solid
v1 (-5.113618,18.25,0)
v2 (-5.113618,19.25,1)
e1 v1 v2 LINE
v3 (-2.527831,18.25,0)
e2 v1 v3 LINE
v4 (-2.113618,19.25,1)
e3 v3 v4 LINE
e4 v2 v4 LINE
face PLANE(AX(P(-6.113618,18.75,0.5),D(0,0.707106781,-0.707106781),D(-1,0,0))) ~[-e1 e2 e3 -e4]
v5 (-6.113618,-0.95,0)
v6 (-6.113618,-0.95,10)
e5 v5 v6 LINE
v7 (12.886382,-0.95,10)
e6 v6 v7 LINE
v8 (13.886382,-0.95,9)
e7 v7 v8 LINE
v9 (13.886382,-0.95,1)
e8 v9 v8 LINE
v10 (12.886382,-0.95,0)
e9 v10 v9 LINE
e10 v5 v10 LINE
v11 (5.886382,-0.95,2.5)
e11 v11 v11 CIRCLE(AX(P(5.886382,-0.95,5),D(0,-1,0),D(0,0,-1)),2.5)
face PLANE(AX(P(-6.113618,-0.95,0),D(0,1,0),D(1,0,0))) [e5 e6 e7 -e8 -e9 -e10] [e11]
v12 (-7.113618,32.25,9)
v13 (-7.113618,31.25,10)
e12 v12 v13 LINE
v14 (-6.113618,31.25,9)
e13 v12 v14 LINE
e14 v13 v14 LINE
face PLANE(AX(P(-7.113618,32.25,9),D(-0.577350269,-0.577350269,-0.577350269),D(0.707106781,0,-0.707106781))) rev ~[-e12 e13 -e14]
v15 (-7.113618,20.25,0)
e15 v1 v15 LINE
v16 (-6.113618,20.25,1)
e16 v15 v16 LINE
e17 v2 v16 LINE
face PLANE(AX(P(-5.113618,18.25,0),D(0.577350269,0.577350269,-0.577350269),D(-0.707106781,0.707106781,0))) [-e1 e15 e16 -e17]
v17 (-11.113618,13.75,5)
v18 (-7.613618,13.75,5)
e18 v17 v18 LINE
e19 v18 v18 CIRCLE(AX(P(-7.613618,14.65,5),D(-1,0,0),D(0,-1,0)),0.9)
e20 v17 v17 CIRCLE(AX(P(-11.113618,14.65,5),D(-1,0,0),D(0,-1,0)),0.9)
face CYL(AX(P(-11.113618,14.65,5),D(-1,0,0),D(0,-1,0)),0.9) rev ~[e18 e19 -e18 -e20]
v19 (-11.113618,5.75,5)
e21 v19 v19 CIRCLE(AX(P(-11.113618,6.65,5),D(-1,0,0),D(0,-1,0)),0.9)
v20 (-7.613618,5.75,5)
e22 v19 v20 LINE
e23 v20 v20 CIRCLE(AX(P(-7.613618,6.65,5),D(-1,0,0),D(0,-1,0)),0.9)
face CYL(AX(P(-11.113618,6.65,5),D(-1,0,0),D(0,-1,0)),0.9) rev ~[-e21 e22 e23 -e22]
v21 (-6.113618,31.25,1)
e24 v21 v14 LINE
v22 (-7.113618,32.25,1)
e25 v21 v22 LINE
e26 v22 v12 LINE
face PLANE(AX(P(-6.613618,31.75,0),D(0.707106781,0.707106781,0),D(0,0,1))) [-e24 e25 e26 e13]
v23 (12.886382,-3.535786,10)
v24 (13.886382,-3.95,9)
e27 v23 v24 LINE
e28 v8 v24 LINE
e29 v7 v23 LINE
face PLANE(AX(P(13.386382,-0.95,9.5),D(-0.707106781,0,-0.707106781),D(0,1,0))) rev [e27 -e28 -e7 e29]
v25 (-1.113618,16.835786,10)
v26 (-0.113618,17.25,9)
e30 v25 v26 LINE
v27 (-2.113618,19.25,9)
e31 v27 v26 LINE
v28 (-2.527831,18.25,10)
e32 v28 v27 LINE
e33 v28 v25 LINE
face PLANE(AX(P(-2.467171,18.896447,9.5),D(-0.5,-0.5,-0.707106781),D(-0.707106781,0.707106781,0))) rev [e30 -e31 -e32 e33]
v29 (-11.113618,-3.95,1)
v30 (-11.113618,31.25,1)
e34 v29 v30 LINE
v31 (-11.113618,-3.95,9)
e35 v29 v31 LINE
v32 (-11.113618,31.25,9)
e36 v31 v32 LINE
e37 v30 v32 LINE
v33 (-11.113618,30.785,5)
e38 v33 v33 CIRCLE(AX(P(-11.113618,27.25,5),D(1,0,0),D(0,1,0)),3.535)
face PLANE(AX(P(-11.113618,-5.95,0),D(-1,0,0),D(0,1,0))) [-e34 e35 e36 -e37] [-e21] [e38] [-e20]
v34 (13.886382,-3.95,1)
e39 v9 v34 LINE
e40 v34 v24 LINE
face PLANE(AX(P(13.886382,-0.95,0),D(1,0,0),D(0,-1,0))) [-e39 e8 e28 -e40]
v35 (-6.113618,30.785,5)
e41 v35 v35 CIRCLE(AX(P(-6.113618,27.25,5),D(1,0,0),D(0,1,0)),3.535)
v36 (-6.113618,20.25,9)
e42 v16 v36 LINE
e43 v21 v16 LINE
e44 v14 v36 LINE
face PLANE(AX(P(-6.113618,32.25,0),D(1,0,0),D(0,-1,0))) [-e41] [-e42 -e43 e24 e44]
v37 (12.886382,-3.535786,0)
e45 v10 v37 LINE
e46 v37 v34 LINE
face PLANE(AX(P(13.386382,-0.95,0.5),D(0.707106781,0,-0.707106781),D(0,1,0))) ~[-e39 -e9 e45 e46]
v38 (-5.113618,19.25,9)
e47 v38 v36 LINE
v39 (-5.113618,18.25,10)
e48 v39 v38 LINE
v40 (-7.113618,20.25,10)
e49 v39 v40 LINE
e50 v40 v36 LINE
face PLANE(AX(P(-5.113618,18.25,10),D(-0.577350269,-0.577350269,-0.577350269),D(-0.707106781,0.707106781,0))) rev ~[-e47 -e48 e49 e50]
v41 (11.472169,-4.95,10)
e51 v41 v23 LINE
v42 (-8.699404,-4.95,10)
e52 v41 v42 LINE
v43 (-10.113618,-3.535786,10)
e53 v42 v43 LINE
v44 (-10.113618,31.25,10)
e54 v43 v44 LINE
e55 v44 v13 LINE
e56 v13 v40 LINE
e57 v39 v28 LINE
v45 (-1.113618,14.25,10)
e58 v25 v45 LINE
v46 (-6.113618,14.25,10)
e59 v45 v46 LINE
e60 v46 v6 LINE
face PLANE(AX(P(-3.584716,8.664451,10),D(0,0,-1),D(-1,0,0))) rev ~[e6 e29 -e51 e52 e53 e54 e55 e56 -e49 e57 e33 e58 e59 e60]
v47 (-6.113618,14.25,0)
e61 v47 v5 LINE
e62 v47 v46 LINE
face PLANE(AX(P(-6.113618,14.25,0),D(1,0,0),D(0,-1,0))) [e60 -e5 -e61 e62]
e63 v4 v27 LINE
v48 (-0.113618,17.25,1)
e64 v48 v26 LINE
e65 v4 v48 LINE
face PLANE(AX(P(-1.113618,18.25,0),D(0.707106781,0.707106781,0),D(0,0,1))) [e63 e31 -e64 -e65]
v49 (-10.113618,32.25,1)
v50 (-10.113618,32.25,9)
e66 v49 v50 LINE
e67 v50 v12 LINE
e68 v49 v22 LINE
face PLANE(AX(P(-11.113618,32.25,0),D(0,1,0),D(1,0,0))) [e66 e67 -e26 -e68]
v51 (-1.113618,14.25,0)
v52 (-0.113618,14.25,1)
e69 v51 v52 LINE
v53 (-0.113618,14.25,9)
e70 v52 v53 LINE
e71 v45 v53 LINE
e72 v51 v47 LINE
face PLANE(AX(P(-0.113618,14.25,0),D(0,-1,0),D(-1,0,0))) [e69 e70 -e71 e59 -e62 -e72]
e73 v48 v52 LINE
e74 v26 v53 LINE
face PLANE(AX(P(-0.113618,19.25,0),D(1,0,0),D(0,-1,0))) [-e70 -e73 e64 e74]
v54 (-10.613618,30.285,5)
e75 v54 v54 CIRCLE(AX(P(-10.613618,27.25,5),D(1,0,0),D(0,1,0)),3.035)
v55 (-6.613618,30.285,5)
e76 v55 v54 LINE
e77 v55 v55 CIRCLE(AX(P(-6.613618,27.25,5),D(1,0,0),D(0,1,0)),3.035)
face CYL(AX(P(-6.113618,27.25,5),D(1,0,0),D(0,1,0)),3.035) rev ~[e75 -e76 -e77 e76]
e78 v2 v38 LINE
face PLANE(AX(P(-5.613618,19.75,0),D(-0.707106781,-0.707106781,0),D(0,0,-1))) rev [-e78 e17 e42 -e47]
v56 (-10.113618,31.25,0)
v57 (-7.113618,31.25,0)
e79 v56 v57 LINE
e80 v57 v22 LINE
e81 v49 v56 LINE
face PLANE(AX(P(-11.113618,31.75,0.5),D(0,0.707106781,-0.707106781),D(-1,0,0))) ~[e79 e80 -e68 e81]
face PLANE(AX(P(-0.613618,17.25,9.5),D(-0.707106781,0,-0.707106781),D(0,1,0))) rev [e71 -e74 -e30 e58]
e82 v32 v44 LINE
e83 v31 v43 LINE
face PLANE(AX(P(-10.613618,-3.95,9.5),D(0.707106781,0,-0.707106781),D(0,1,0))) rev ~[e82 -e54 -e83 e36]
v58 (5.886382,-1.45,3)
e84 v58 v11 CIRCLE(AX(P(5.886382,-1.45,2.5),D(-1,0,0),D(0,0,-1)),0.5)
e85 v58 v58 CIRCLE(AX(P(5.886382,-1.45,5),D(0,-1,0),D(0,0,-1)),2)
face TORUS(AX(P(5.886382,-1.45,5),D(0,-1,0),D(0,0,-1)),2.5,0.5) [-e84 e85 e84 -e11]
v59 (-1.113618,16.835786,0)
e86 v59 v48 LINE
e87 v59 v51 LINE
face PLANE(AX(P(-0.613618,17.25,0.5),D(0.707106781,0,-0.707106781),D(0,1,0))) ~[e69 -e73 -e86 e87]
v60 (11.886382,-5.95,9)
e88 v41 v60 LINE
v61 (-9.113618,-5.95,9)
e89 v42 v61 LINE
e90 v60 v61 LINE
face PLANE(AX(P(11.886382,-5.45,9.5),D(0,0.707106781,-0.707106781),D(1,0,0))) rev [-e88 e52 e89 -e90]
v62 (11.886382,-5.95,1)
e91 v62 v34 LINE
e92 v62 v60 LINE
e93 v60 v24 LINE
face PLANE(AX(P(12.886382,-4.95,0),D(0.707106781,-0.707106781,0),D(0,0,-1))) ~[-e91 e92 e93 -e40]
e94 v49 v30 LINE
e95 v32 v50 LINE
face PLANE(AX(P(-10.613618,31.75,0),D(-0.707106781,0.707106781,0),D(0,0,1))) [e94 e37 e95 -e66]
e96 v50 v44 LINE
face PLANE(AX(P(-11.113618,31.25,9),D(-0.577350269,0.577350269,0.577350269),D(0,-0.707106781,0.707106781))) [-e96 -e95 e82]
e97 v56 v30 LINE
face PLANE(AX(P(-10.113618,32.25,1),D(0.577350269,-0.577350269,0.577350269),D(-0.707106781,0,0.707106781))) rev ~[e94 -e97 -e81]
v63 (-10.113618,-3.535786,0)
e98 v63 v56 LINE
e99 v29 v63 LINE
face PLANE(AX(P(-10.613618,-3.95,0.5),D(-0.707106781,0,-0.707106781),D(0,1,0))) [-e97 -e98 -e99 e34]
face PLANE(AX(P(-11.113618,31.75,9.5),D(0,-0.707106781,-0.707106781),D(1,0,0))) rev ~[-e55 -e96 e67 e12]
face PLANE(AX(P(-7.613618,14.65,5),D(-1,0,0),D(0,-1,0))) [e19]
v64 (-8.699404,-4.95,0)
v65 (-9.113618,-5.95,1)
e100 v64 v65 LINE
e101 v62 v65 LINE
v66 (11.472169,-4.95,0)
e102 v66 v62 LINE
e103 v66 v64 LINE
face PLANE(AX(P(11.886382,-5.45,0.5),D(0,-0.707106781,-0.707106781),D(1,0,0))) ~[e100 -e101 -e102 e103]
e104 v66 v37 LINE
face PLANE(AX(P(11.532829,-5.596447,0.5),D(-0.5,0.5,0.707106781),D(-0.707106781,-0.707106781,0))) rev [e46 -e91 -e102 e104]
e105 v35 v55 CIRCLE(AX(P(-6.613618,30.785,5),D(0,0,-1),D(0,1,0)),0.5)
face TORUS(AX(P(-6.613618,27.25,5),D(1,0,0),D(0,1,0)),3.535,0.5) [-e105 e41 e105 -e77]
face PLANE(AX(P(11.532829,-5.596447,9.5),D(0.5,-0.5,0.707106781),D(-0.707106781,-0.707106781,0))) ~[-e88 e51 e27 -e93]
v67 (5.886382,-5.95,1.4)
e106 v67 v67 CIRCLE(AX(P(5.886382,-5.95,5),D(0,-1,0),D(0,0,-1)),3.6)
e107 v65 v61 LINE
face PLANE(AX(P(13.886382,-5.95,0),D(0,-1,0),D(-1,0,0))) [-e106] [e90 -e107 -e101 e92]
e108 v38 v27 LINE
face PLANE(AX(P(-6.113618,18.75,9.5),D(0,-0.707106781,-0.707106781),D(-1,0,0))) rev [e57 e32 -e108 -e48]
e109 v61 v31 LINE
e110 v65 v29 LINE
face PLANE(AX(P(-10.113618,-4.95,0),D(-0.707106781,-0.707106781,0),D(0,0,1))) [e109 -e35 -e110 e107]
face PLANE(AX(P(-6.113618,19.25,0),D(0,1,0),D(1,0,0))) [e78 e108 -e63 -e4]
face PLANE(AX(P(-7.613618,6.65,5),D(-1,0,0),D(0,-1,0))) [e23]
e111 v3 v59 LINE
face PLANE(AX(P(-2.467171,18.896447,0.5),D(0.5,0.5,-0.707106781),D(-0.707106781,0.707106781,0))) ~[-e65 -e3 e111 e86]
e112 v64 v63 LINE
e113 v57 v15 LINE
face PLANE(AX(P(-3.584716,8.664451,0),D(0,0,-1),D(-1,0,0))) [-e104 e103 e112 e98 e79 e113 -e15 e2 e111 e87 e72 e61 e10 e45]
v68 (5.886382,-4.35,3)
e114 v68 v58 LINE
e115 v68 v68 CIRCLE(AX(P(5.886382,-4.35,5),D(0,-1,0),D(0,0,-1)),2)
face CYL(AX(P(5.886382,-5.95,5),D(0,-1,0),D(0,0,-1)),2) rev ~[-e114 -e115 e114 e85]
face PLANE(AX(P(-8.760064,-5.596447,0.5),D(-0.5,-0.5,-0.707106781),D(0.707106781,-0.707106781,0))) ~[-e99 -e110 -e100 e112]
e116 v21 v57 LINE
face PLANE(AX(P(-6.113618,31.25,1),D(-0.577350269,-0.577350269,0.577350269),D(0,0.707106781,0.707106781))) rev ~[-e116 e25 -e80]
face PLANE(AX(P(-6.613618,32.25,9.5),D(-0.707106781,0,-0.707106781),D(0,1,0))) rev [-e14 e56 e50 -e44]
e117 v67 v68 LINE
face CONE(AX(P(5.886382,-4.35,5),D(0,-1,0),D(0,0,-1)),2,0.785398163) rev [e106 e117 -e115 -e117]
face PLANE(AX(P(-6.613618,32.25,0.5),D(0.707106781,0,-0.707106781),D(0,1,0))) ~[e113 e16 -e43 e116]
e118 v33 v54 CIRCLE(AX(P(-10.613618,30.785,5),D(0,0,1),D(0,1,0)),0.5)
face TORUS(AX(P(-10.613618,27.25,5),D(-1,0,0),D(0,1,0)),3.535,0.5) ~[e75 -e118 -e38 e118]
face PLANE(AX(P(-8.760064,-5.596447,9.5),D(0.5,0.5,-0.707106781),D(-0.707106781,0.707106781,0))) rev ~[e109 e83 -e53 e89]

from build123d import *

# Parameters (mm, degrees)
RESSALTO_EXTRUS_O1_DEPTH = 10
ESBO_O3_R                = 2
CORTE_EXTRUS_O1_DEPTH    = 15
CHANFRO1_SIZE            = 1.6
FILETE1_R                = 0.5
CHANFRO5_SIZE            = 2
ESBO_O4_R                = 3.035
CORTE_EXTRUS_O2_DEPTH    = 10
FILETE2_R                = 0.5
CHANFRO6_SIZE            = 1
ESBO_O6_R                = 0.9
CORTE_EXTRUS_O3_DEPTH    = 3.5


with BuildPart() as part:
    # Esboço1 → Ressalto-extrusão1 (new body)
    with BuildSketch(Plane.XY):
        Polygon((-0.113617837, 14.25), (-6.113617837, 14.25), (-6.113617837, -0.95), (13.886382163, -0.95), (13.886382163, -5.95), (-11.113617837, -5.95), (-11.113617837, 32.25), (-6.113617837, 32.25), (-6.113617837, 19.25), (-0.113617837, 19.25), align=None)
    extrude(amount=RESSALTO_EXTRUS_O1_DEPTH)

    # Esboço3 → Corte-extrusão1 (cut)
    with BuildSketch(Plane.XZ.offset(5.95)):
        with Locations(Location((5.886382163, 5, 0), (0, 0, 270))):
            Circle(ESBO_O3_R)
    extrude(amount=-CORTE_EXTRUS_O1_DEPTH, mode=Mode.SUBTRACT)

    # Chanfro1
    chanfro1_edges = [part.edges().sort_by_distance(p)[0] for p in [
        (5.886382163, -5.95, 7),
    ]]
    chamfer(chanfro1_edges, length=CHANFRO1_SIZE)

    # Filete1
    filete1_edges = [part.edges().sort_by_distance(p)[0] for p in [
        (5.886382163, -0.95, 7),
    ]]
    fillet(filete1_edges, radius=FILETE1_R)

    # Chanfro5
    chanfro5_edges = [part.edges().sort_by_distance(p)[0] for p in [
        (13.886382163, -5.95, 5),
        (-11.113617837, -5.95, 5),
        (-0.113617837, 19.25, 5),
    ]]
    chamfer(chanfro5_edges, length=CHANFRO5_SIZE)

    # Esboço4 → Corte-extrusão2 (cut)
    with BuildSketch(Plane(origin=(-6.113617837, 0, 0), x_dir=(0, 0, -1), z_dir=(1, 0, 0))):
        with Locations(Location((-5, 27.25, 0), (0, 0, 90))):
            Circle(ESBO_O4_R)
    extrude(amount=-CORTE_EXTRUS_O2_DEPTH, mode=Mode.SUBTRACT)

    # Filete2
    filete2_edges = [part.edges().sort_by_distance(p)[0] for p in [
        (-11.113617837, 24.215, 5),
        (-6.113617837, 24.215, 5),
    ]]
    fillet(filete2_edges, radius=FILETE2_R)

    # Chanfro6
    chanfro6_edges = [part.edges().sort_by_distance(p)[0] for p in [
        (-11.113617837, 14.15, 0),
        (-8.613617837, 32.25, 0),
        (-6.113617837, 25.75, 10),
        (-6.113617837, 25.75, 0),
        (-0.113617837, 15.75, 0),
        (-8.613617837, 32.25, 10),
        (-11.113617837, 32.25, 5),
        (-6.113617837, 32.25, 5),
        (-6.113617837, 19.25, 5),
        (-11.113617837, 14.15, 10),
        (-4.113617837, 19.25, 0),
        (-4.113617837, 19.25, 10),
        (13.886382163, -2.45, 0),
        (1.386382163, -5.95, 0),
        (12.886382163, -4.95, 0),
        (-10.113617837, -4.95, 0),
        (-1.113617837, 18.25, 0),
        (1.386382163, -5.95, 10),
        (-0.113617837, 15.75, 10),
        (13.886382163, -2.45, 10),
        (12.886382163, -4.95, 10),
        (-10.113617837, -4.95, 10),
        (-1.113617837, 18.25, 10),
    ]]
    chamfer(chanfro6_edges, length=CHANFRO6_SIZE)

    # Esboço6 → Corte-extrusão3 (cut)
    with BuildSketch(Plane.ZY.offset(11.113617837)):
        with Locations(Location((5, 6.65, 0), (0, 0, 270))):
            Circle(ESBO_O6_R)
        with Locations(Location((5, 14.65, 0), (0, 0, 270))):
            Circle(ESBO_O6_R)
    extrude(amount=-CORTE_EXTRUS_O3_DEPTH, mode=Mode.SUBTRACT)


solid = part.part
